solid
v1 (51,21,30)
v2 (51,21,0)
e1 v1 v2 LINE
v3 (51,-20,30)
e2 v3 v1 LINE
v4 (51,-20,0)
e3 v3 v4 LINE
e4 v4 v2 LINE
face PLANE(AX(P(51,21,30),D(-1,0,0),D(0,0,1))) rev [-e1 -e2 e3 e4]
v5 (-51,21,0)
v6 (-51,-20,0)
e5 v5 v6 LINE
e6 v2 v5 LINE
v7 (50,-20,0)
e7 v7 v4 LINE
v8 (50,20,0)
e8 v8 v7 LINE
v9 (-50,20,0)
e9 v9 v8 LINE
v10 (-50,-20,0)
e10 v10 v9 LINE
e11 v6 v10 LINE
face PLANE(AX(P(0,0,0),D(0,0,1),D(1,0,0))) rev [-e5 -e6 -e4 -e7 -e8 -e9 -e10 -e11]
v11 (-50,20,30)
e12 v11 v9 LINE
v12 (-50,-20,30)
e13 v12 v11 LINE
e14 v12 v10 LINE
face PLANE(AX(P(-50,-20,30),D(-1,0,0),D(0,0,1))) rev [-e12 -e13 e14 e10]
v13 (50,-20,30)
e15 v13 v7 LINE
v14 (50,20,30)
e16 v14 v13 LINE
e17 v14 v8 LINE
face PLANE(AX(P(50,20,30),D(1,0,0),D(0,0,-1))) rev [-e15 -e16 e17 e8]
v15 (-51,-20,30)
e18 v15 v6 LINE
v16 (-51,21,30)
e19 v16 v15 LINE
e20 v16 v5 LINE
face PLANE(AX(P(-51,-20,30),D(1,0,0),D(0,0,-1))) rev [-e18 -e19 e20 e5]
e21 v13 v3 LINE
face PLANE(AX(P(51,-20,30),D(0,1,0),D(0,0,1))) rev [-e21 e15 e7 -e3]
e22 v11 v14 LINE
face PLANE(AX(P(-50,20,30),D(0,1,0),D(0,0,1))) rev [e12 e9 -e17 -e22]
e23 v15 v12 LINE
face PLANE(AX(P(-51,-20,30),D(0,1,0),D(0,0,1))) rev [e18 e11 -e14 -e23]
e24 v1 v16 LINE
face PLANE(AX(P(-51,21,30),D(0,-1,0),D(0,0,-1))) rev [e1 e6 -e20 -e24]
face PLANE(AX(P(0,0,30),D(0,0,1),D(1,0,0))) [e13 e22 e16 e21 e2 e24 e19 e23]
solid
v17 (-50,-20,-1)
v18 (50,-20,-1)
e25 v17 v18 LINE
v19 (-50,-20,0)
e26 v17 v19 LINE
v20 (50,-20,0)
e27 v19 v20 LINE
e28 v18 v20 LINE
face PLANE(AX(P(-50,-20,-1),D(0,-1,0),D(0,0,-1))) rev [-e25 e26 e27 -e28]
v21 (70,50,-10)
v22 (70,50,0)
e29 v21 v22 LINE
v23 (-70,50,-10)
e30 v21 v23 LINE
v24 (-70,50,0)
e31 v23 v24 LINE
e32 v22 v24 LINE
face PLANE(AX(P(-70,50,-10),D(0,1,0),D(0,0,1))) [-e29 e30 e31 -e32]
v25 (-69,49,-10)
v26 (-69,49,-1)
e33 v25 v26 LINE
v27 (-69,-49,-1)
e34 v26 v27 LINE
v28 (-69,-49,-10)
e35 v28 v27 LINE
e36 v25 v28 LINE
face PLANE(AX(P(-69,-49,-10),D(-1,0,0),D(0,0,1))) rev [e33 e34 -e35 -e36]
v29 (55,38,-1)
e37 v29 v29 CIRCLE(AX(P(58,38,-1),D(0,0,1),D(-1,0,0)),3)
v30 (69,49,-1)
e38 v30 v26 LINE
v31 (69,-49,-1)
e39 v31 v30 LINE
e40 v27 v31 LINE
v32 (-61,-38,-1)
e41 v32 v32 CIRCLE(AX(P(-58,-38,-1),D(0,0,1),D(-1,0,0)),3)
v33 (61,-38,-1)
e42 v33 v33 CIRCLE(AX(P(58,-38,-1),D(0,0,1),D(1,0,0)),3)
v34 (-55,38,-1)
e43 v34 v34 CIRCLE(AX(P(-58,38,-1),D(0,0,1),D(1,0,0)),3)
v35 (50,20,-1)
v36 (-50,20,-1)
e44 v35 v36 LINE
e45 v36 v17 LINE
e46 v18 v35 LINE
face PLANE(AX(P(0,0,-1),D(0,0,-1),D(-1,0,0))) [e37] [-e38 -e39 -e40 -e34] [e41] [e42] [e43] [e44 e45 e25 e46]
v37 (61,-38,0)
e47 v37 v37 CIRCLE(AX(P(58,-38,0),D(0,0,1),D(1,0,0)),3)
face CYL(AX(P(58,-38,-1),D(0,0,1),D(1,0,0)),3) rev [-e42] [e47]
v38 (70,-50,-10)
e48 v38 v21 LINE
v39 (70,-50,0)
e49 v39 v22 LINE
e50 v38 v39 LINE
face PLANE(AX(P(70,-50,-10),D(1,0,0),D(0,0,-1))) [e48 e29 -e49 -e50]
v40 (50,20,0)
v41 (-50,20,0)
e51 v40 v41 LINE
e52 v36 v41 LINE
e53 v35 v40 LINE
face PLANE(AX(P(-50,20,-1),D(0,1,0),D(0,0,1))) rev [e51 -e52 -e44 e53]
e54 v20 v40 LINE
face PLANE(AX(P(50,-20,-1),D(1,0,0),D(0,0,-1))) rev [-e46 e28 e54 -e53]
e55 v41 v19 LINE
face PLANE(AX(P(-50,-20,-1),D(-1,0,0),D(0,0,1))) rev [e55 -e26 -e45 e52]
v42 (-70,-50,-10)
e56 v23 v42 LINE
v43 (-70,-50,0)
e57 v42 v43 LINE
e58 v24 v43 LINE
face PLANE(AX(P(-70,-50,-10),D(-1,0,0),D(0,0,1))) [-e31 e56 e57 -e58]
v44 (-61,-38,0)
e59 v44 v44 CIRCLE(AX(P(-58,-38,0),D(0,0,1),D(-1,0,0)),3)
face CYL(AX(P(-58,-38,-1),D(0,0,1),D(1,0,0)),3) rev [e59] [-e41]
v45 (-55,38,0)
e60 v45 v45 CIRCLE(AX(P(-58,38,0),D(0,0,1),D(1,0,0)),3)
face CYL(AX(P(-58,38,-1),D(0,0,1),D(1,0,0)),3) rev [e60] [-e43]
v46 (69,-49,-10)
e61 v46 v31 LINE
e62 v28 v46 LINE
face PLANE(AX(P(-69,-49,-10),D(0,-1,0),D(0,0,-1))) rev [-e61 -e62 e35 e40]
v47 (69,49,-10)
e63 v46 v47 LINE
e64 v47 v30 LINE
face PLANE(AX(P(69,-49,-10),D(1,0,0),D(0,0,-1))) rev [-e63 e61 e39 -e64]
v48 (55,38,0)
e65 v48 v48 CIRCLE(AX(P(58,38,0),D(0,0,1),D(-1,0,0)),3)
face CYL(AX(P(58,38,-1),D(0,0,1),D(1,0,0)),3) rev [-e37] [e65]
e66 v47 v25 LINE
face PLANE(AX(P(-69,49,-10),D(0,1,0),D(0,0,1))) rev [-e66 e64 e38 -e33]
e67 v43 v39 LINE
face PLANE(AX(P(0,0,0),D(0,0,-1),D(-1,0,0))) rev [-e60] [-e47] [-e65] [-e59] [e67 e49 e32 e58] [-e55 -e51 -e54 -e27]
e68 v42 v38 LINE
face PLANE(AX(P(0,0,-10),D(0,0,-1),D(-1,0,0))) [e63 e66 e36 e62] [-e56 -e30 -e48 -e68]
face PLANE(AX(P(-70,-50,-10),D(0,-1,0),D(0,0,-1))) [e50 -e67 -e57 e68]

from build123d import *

# Parameters (mm, degrees)
CROQUIS1_W              = 140
CROQUIS1_H              = 100
CROQUIS1_W_2            = 138
CROQUIS1_H_2            = 98
SALIENTE_EXTRUIR1_DEPTH = 10
CROQUIS2_W              = 138
CROQUIS2_H              = 98
SALIENTE_EXTRUIR2_DEPTH = 1
CROQUIS4_R              = 3
CROQUIS4_W              = 100
CROQUIS4_H              = 40
CORTAR_EXTRUIR1_DEPTH   = 1
SALIENTE_EXTRUIR3_DEPTH = 30


with BuildPart() as part:
    # Croquis1 → Saliente-Extruir1 (new body)
    with BuildSketch(Plane.XY):
        Rectangle(CROQUIS1_W, CROQUIS1_H)
        Rectangle(CROQUIS1_W_2, CROQUIS1_H_2, mode=Mode.SUBTRACT)
    extrude(amount=-SALIENTE_EXTRUIR1_DEPTH)

    # Croquis2 → Saliente-Extruir2 (add)
    with BuildSketch(Plane.XY):
        Rectangle(CROQUIS2_W, CROQUIS2_H)
    extrude(amount=-SALIENTE_EXTRUIR2_DEPTH)

    # Croquis4 → Cortar-Extruir1 (cut)
    with BuildSketch(Plane.XY):
        with Locations((-58, 38)):
            Circle(CROQUIS4_R)
        with Locations(Location((58, 38, 0), (0, 0, 180))):
            Circle(CROQUIS4_R)
        with Locations((58, -38)):
            Circle(CROQUIS4_R)
        with Locations(Location((-58, -38, 0), (0, 0, 180))):
            Circle(CROQUIS4_R)
        Rectangle(CROQUIS4_W, CROQUIS4_H)
    extrude(amount=-CORTAR_EXTRUIR1_DEPTH, mode=Mode.SUBTRACT)


with BuildPart() as body_2:
    # Croquis5 → Saliente-Extruir3 (new body)
    with BuildSketch(Plane.XY):
        Polygon((-50, -20), (-50, 20), (50, 20), (50, -20), (51, -20), (51, 21), (-51, 21), (-51, -20), align=None)
    extrude(amount=SALIENTE_EXTRUIR3_DEPTH)


solid = Compound([part.part, body_2.part])
